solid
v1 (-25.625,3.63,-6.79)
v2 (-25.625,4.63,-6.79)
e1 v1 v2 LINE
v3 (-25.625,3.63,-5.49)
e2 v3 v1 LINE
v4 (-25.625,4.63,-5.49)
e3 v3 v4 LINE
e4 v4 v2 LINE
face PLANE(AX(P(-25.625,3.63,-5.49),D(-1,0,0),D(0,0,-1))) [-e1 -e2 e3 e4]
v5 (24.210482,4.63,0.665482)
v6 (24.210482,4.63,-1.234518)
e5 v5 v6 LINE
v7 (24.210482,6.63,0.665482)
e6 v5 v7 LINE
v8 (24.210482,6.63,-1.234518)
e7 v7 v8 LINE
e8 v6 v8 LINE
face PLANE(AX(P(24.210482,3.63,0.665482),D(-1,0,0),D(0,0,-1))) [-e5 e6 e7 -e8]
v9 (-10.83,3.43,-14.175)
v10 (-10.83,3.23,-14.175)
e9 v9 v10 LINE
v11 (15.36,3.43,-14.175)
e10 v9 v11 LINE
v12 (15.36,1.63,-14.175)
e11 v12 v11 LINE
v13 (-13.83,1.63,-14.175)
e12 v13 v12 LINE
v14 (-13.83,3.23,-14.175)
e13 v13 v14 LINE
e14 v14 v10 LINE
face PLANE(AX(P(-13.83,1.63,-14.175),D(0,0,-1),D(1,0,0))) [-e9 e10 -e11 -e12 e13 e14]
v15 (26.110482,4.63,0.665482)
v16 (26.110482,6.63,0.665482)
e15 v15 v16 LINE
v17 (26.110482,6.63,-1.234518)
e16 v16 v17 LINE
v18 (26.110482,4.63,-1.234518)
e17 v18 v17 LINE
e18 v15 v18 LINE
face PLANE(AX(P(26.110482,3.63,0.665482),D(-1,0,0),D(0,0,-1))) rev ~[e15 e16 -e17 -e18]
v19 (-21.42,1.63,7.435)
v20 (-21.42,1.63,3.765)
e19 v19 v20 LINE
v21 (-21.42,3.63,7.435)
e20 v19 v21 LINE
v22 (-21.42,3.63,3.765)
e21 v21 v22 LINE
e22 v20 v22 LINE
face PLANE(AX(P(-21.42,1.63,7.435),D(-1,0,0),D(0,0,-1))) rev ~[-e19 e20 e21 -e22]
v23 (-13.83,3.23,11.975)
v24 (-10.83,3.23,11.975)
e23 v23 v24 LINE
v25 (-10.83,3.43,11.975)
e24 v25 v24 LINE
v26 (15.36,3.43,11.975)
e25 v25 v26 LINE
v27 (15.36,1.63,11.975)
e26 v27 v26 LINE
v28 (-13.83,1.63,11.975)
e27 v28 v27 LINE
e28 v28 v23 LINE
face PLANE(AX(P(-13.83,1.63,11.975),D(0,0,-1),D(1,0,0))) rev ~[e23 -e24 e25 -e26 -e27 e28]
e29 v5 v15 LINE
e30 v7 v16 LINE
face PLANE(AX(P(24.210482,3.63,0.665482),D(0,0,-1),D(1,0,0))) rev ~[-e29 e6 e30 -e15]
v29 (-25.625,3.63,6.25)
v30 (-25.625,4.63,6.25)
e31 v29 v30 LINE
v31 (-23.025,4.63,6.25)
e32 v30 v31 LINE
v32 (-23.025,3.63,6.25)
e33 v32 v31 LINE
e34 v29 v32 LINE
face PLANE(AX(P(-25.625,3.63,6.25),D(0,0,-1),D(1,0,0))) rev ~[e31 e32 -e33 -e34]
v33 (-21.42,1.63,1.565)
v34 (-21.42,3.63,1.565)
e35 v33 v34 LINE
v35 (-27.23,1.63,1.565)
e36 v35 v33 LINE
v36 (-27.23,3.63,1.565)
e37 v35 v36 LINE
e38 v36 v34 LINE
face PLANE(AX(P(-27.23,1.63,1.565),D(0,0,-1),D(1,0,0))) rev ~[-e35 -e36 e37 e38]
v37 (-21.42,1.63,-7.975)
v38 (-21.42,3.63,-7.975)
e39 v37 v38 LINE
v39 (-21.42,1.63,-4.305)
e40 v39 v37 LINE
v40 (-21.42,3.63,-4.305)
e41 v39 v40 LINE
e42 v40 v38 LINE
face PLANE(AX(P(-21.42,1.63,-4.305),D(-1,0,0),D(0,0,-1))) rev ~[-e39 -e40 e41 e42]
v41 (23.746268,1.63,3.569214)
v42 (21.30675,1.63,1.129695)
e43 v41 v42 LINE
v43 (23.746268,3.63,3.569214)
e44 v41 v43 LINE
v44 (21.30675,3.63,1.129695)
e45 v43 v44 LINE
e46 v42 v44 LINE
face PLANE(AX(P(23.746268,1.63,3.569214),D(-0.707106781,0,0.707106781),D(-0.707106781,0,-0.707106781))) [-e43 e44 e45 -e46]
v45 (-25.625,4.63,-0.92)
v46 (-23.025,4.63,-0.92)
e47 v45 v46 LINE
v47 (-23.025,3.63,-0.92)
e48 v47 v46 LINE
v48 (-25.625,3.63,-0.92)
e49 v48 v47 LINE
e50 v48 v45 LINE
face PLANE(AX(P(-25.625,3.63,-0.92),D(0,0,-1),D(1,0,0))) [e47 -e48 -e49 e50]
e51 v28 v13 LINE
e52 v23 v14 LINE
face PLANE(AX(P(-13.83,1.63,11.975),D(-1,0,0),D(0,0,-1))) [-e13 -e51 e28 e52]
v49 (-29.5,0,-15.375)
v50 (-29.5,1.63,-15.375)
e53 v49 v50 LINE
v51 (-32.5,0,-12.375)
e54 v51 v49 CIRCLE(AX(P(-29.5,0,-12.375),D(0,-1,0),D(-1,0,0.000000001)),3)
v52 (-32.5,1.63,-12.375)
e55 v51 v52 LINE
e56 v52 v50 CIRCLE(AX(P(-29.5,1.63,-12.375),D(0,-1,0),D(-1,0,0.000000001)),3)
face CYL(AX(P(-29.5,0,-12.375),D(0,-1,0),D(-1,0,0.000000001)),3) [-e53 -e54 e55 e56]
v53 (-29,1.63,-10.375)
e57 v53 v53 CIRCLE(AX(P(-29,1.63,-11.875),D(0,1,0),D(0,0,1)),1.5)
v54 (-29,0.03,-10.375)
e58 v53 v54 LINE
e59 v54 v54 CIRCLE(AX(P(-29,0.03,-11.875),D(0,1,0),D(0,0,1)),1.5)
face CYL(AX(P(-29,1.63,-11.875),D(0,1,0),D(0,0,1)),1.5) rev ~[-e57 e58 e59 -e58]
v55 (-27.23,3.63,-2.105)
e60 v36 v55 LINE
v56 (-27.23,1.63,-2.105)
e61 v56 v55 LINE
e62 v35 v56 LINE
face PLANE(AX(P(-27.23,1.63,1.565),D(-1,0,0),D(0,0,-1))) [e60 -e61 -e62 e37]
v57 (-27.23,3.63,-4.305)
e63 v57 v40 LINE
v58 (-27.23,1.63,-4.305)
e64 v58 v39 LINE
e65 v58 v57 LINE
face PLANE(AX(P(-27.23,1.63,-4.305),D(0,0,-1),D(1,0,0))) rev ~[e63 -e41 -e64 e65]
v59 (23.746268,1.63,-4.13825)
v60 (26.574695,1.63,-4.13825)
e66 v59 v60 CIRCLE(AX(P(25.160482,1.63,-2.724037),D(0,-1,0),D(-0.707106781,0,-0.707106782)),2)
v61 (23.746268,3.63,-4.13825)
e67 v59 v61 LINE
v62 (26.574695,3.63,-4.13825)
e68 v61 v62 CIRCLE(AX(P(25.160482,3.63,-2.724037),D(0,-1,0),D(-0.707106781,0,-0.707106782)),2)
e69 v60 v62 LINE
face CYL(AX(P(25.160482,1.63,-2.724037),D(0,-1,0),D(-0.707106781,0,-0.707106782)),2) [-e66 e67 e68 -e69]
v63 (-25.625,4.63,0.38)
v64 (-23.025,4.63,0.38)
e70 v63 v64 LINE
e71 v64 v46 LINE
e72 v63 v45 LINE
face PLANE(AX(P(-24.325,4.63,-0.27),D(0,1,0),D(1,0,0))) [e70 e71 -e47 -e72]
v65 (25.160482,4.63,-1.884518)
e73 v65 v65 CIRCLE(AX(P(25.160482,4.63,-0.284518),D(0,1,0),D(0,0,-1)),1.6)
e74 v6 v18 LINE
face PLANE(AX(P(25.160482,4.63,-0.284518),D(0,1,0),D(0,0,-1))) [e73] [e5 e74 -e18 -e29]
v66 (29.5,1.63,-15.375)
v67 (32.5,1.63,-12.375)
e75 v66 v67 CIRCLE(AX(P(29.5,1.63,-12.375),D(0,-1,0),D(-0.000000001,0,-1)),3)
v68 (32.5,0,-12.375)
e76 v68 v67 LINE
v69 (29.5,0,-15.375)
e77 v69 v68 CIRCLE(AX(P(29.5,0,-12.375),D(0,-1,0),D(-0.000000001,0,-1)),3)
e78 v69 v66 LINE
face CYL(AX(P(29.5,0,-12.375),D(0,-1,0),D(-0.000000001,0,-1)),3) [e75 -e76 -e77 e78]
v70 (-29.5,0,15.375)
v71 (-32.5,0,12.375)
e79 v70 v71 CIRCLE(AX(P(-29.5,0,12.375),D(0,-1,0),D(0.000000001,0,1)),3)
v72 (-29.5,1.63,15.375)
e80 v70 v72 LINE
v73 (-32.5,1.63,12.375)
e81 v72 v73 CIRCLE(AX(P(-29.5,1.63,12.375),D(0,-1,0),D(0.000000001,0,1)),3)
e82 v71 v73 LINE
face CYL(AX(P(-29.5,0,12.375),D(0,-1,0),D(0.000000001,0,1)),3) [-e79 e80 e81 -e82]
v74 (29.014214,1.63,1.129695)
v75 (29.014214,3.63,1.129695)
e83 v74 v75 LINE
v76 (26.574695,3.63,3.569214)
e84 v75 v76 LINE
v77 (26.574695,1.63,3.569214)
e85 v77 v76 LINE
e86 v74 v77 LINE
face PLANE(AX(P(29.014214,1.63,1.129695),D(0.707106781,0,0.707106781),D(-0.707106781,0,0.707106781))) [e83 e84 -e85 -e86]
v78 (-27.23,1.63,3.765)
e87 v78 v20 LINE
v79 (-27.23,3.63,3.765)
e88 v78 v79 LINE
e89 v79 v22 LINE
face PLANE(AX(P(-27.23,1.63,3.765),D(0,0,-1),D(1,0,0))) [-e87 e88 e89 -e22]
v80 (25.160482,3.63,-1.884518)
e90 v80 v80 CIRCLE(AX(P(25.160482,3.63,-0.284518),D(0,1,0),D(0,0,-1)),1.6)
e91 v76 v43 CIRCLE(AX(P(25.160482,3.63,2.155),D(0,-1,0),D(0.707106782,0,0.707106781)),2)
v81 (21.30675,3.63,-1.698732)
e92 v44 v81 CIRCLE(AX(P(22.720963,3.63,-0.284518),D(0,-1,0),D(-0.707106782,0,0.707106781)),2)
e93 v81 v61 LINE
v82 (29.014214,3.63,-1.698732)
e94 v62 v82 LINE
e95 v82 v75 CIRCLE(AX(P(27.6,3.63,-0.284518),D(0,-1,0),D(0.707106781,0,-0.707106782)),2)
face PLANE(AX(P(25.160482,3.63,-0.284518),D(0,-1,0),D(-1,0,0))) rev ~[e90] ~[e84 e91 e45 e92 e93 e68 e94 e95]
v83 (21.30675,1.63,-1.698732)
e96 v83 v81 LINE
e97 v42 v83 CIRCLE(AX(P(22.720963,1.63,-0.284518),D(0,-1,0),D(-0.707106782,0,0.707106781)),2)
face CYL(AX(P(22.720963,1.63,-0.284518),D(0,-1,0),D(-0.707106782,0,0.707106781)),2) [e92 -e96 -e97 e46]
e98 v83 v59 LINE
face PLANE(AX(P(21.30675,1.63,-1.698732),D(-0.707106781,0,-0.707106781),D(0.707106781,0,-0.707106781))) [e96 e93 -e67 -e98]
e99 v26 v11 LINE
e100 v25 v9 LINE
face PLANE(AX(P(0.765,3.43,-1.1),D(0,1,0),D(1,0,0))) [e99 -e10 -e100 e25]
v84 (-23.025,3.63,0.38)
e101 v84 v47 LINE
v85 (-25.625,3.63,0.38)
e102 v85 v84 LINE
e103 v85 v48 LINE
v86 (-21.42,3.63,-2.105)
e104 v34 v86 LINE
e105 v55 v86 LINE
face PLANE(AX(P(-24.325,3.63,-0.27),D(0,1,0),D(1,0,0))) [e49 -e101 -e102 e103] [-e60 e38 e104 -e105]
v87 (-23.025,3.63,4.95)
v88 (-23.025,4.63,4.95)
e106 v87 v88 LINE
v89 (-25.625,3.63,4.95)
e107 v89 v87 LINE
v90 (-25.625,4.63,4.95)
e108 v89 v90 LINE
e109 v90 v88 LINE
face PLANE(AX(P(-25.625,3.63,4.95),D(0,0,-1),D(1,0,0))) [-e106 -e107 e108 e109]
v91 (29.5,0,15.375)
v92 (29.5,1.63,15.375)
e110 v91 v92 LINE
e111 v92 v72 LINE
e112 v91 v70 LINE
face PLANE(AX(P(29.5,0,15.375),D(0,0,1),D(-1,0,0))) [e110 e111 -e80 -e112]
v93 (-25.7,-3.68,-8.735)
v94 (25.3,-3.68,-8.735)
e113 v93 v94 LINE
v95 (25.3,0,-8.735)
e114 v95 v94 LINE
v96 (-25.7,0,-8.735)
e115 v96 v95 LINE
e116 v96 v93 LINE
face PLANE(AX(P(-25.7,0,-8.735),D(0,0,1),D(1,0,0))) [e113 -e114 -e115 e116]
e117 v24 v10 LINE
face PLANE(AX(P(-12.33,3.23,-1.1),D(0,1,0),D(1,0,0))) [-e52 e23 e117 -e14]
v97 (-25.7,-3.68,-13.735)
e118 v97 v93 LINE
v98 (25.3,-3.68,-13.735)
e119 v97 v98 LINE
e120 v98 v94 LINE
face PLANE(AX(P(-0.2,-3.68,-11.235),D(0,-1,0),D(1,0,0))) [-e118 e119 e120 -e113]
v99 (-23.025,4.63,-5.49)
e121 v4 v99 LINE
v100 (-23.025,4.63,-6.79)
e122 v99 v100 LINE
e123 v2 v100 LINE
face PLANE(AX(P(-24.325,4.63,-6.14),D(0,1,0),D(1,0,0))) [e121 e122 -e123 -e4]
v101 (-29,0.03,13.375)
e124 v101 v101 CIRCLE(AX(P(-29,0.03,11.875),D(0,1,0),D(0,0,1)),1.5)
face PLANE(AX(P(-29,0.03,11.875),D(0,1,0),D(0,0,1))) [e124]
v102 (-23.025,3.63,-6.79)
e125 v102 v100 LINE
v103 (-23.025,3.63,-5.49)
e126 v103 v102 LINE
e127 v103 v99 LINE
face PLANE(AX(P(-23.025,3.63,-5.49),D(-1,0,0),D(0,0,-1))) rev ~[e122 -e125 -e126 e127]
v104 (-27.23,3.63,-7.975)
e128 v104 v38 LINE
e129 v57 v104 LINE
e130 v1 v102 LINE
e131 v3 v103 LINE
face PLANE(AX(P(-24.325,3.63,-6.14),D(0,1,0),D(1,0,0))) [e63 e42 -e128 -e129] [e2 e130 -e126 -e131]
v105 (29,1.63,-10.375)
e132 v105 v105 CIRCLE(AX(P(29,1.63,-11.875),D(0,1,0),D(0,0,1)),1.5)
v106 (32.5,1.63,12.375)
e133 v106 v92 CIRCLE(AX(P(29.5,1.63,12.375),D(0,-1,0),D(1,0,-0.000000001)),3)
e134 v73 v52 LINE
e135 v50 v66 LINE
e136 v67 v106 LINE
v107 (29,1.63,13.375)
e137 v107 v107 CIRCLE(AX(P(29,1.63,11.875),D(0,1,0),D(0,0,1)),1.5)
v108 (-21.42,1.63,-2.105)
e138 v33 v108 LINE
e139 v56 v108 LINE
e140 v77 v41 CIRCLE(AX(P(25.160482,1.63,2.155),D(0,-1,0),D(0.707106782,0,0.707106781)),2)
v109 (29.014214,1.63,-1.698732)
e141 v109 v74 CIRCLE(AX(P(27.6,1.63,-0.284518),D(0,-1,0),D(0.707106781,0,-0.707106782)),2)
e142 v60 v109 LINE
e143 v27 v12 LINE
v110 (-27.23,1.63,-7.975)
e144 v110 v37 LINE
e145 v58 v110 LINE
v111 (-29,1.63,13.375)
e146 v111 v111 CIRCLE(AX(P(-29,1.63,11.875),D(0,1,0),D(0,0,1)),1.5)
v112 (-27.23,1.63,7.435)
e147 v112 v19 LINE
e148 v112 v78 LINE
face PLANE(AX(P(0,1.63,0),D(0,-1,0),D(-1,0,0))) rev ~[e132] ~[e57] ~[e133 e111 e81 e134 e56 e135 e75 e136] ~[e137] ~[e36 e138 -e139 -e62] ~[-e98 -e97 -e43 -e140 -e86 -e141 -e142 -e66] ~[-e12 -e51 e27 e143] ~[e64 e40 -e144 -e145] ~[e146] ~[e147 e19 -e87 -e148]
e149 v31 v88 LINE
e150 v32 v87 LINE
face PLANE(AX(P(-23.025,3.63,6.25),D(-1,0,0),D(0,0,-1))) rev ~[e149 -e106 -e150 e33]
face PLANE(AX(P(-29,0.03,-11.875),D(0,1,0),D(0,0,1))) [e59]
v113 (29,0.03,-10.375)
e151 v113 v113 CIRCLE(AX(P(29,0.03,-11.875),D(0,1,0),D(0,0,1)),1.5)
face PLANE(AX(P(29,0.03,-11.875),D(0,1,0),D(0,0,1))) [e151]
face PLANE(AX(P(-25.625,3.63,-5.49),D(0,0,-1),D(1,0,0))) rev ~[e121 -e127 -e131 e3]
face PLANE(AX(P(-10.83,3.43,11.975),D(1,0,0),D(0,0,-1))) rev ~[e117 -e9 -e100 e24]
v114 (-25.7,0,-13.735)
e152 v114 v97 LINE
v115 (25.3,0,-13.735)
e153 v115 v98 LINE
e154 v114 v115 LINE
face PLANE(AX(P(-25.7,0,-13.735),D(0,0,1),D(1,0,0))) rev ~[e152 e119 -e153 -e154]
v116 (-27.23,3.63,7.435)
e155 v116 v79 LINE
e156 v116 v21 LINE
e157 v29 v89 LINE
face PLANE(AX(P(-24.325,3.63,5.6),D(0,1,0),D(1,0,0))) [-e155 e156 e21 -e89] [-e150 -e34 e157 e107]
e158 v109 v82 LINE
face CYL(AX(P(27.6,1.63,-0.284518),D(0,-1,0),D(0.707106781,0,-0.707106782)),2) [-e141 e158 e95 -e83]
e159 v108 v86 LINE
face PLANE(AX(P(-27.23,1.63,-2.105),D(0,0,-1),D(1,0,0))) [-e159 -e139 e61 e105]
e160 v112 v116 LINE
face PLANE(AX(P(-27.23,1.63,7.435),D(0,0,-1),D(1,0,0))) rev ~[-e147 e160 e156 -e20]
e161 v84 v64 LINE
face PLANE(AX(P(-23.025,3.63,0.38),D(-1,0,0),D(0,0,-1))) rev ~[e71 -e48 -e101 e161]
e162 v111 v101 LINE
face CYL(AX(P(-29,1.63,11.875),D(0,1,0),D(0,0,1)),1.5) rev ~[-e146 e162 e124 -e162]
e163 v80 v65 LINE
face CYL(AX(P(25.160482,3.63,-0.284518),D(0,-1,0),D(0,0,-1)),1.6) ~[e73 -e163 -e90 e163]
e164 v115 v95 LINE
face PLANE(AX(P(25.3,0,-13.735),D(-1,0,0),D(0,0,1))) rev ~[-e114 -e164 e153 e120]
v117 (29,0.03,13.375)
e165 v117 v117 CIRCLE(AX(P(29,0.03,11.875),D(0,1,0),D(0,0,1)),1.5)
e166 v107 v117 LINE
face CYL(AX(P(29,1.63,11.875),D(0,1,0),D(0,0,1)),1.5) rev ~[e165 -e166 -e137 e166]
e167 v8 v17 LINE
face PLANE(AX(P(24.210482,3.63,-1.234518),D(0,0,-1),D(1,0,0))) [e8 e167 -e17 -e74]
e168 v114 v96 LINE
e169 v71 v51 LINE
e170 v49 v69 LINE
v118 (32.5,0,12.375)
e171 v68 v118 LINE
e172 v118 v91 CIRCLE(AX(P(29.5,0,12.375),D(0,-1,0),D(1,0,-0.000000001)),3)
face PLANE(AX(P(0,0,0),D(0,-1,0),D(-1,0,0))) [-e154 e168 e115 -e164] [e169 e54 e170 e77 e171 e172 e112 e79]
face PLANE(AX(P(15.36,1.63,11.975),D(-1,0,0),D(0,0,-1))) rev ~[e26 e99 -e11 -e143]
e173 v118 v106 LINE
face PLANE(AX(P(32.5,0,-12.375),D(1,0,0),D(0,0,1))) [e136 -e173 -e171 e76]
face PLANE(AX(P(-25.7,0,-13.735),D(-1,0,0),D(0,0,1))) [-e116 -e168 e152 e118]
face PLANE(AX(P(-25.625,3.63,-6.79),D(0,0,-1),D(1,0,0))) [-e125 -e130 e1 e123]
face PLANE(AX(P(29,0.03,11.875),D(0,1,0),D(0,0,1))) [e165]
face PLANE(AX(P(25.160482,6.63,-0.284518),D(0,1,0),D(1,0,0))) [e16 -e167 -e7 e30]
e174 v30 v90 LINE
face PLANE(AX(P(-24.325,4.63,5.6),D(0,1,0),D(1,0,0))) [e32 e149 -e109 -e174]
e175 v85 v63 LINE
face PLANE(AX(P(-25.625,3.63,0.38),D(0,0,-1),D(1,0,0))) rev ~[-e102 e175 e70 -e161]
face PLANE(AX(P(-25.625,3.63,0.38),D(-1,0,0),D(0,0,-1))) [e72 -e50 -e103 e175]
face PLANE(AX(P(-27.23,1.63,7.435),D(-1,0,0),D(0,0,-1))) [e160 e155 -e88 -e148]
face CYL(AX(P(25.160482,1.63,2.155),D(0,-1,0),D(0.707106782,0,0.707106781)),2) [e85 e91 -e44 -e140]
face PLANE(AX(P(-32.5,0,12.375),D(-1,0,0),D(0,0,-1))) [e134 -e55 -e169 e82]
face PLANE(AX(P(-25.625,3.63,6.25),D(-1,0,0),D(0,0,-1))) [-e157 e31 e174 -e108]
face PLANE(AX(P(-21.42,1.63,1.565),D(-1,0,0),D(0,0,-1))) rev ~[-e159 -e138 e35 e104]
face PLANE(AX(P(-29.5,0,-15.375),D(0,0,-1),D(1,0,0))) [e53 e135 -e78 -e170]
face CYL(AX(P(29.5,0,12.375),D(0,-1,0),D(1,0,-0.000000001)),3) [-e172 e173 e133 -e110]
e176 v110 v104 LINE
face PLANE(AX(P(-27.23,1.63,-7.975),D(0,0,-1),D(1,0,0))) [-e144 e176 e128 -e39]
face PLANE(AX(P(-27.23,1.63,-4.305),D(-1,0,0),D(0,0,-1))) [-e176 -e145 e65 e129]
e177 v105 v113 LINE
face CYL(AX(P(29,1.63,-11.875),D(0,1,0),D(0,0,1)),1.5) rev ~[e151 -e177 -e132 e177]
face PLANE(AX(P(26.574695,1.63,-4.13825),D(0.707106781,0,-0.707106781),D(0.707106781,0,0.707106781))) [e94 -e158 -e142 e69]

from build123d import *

# Parameters (mm, degrees)
EXTRUDE_1_DEPTH     = 1.63
SKETCH_2_R          = 1.5
CUT_EXTRUDE_1_DEPTH = 1.6
SKETCH_3_W          = 29.19
SKETCH_3_H          = 26.15
EXTRUDE_2_DEPTH     = 1.8
EXTRUDE_3_DEPTH     = 2
SKETCH_6_W          = 3
SKETCH_6_H          = 26.15
CUT_EXTRUDE_2_DEPTH = 0.2
SKETCH_4_W          = 5.81
SKETCH_4_H          = 3.67
EXTRUDE_4_DEPTH     = 2
SKETCH_7_W          = 2.6
SKETCH_7_H          = 1.3
EXTRUDE_5_DEPTH     = 1
SKETCH_8_W          = 51
SKETCH_8_H          = 5
EXTRUDE_6_DEPTH     = 3.68
SKETCH_9_W          = 1.9
SKETCH_9_H          = 1.9
EXTRUDE_7_DEPTH     = 3
SKETCH_10_R         = 1.6
EXTRUDE_8_DEPTH     = 1


with BuildPart() as part:
    # 草图1 → 凸台-拉伸1 (new body)
    with BuildSketch(Plane(origin=(0, 0, 0), x_dir=(1, 0, 0), z_dir=(0, 1, 0))):
        with BuildLine():
            Line((-29.5, 15.375), (29.5, 15.375))
            ThreePointArc((29.5, 15.375), (31.621320344, 14.496320344), (32.5, 12.375))
            Line((32.5, 12.375), (32.5, -12.375))
            ThreePointArc((32.5, -12.375), (31.621320344, -14.496320344), (29.5, -15.375))
            Line((29.5, -15.375), (-29.5, -15.375))
            ThreePointArc((-29.5, -15.375), (-31.621320344, -14.496320344), (-32.5, -12.375))
            Line((-32.5, -12.375), (-32.5, 12.375))
            ThreePointArc((-32.5, 12.375), (-31.621320344, 14.496320344), (-29.5, 15.375))
        make_face()
    extrude(amount=EXTRUDE_1_DEPTH)

    # 草图2 → 切除-拉伸1 (cut)
    with BuildSketch(Plane(origin=(0, 1.63, 0), x_dir=(1, 0, 0), z_dir=(0, 1, 0))):
        with Locations(Location((-29, 11.875, 0), (0, 0, 270))):
            Circle(SKETCH_2_R)
        with Locations(Location((-29, -11.875, 0), (0, 0, 270))):
            Circle(SKETCH_2_R)
        with Locations(Location((29, -11.875, 0), (0, 0, 270))):
            Circle(SKETCH_2_R)
        with Locations(Location((29, 11.875, 0), (0, 0, 270))):
            Circle(SKETCH_2_R)
    extrude(amount=-CUT_EXTRUDE_1_DEPTH, mode=Mode.SUBTRACT)

    # 草图3 → 凸台-拉伸2 (add)
    with BuildSketch(Plane(origin=(0, 1.63, 0), x_dir=(1, 0, 0), z_dir=(0, 1, 0))):
        with Locations((0.765, 1.1)):
            Rectangle(SKETCH_3_W, SKETCH_3_H)
    extrude(amount=EXTRUDE_2_DEPTH)

    # 草图5 → 凸台-拉伸3 (add)
    with BuildSketch(Plane(origin=(0, 1.63, 0), x_dir=(1, 0, 0), z_dir=(0, 1, 0))):
        with BuildLine():
            Line((26.574695167, 4.138250353), (29.014213562, 1.698731957))
            ThreePointArc((29.014213562, 1.698731957), (29.6, 0.284518395), (29.014213562, -1.129695167))
            Line((29.014213562, -1.129695167), (26.574695167, -3.569213562))
            ThreePointArc((26.574695167, -3.569213562), (25.160481605, -4.155), (23.746268043, -3.569213562))
            Line((23.746268043, -3.569213562), (21.306749647, -1.129695167))
            ThreePointArc((21.306749647, -1.129695167), (20.72096321, 0.284518395), (21.306749647, 1.698731957))
            Line((21.306749647, 1.698731957), (23.746268043, 4.138250353))
            ThreePointArc((23.746268043, 4.138250353), (25.160481605, 4.72403679), (26.574695167, 4.138250353))
        make_face()
    extrude(amount=EXTRUDE_3_DEPTH)

    # 草图6 → 切除-拉伸2 (cut)
    with BuildSketch(Plane(origin=(0, 3.43, 0), x_dir=(1, 0, 0), z_dir=(0, 1, 0))):
        with Locations((-12.33, 1.1)):
            Rectangle(SKETCH_6_W, SKETCH_6_H)
    extrude(amount=-CUT_EXTRUDE_2_DEPTH, mode=Mode.SUBTRACT)

    # 草图4 → 凸台-拉伸4 (add)
    with BuildSketch(Plane(origin=(0, 1.63, 0), x_dir=(1, 0, 0), z_dir=(0, 1, 0))):
        with Locations((-24.325, 6.14)):
            Rectangle(SKETCH_4_W, SKETCH_4_H)
        with Locations((-24.325, 0.27)):
            Rectangle(SKETCH_4_W, SKETCH_4_H)
        with Locations((-24.325, -5.6)):
            Rectangle(SKETCH_4_W, SKETCH_4_H)
    extrude(amount=EXTRUDE_4_DEPTH)

    # 草图7 → 凸台-拉伸5 (add)
    with BuildSketch(Plane(origin=(0, 3.63, 0), x_dir=(1, 0, 0), z_dir=(0, 1, 0))):
        with Locations((-24.325, 6.14)):
            Rectangle(SKETCH_7_W, SKETCH_7_H)
        with Locations((-24.325, 0.27)):
            Rectangle(SKETCH_7_W, SKETCH_7_H)
        with Locations((-24.325, -5.6)):
            Rectangle(SKETCH_7_W, SKETCH_7_H)
    extrude(amount=EXTRUDE_5_DEPTH)

    # 草图8 → 凸台-拉伸6 (add)
    with BuildSketch(Plane.XZ):
        with Locations((-0.2, -11.235)):
            Rectangle(SKETCH_8_W, SKETCH_8_H)
    extrude(amount=EXTRUDE_6_DEPTH)

    # 草图9 → 凸台-拉伸7 (add)
    with BuildSketch(Plane(origin=(0, 3.63, 0), x_dir=(1, 0, 0), z_dir=(0, 1, 0))):
        with Locations((25.160481605, 0.284518395)):
            Rectangle(SKETCH_9_W, SKETCH_9_H)
    extrude(amount=EXTRUDE_7_DEPTH)

    # 草图10 → 凸台-拉伸8 (add)
    with BuildSketch(Plane(origin=(0, 3.63, 0), x_dir=(1, 0, 0), z_dir=(0, 1, 0))):
        with Locations(Location((25.160481605, 0.284518395, 0), (0, 0, 90))):
            Circle(SKETCH_10_R)
    extrude(amount=EXTRUDE_8_DEPTH)


solid = part.part
